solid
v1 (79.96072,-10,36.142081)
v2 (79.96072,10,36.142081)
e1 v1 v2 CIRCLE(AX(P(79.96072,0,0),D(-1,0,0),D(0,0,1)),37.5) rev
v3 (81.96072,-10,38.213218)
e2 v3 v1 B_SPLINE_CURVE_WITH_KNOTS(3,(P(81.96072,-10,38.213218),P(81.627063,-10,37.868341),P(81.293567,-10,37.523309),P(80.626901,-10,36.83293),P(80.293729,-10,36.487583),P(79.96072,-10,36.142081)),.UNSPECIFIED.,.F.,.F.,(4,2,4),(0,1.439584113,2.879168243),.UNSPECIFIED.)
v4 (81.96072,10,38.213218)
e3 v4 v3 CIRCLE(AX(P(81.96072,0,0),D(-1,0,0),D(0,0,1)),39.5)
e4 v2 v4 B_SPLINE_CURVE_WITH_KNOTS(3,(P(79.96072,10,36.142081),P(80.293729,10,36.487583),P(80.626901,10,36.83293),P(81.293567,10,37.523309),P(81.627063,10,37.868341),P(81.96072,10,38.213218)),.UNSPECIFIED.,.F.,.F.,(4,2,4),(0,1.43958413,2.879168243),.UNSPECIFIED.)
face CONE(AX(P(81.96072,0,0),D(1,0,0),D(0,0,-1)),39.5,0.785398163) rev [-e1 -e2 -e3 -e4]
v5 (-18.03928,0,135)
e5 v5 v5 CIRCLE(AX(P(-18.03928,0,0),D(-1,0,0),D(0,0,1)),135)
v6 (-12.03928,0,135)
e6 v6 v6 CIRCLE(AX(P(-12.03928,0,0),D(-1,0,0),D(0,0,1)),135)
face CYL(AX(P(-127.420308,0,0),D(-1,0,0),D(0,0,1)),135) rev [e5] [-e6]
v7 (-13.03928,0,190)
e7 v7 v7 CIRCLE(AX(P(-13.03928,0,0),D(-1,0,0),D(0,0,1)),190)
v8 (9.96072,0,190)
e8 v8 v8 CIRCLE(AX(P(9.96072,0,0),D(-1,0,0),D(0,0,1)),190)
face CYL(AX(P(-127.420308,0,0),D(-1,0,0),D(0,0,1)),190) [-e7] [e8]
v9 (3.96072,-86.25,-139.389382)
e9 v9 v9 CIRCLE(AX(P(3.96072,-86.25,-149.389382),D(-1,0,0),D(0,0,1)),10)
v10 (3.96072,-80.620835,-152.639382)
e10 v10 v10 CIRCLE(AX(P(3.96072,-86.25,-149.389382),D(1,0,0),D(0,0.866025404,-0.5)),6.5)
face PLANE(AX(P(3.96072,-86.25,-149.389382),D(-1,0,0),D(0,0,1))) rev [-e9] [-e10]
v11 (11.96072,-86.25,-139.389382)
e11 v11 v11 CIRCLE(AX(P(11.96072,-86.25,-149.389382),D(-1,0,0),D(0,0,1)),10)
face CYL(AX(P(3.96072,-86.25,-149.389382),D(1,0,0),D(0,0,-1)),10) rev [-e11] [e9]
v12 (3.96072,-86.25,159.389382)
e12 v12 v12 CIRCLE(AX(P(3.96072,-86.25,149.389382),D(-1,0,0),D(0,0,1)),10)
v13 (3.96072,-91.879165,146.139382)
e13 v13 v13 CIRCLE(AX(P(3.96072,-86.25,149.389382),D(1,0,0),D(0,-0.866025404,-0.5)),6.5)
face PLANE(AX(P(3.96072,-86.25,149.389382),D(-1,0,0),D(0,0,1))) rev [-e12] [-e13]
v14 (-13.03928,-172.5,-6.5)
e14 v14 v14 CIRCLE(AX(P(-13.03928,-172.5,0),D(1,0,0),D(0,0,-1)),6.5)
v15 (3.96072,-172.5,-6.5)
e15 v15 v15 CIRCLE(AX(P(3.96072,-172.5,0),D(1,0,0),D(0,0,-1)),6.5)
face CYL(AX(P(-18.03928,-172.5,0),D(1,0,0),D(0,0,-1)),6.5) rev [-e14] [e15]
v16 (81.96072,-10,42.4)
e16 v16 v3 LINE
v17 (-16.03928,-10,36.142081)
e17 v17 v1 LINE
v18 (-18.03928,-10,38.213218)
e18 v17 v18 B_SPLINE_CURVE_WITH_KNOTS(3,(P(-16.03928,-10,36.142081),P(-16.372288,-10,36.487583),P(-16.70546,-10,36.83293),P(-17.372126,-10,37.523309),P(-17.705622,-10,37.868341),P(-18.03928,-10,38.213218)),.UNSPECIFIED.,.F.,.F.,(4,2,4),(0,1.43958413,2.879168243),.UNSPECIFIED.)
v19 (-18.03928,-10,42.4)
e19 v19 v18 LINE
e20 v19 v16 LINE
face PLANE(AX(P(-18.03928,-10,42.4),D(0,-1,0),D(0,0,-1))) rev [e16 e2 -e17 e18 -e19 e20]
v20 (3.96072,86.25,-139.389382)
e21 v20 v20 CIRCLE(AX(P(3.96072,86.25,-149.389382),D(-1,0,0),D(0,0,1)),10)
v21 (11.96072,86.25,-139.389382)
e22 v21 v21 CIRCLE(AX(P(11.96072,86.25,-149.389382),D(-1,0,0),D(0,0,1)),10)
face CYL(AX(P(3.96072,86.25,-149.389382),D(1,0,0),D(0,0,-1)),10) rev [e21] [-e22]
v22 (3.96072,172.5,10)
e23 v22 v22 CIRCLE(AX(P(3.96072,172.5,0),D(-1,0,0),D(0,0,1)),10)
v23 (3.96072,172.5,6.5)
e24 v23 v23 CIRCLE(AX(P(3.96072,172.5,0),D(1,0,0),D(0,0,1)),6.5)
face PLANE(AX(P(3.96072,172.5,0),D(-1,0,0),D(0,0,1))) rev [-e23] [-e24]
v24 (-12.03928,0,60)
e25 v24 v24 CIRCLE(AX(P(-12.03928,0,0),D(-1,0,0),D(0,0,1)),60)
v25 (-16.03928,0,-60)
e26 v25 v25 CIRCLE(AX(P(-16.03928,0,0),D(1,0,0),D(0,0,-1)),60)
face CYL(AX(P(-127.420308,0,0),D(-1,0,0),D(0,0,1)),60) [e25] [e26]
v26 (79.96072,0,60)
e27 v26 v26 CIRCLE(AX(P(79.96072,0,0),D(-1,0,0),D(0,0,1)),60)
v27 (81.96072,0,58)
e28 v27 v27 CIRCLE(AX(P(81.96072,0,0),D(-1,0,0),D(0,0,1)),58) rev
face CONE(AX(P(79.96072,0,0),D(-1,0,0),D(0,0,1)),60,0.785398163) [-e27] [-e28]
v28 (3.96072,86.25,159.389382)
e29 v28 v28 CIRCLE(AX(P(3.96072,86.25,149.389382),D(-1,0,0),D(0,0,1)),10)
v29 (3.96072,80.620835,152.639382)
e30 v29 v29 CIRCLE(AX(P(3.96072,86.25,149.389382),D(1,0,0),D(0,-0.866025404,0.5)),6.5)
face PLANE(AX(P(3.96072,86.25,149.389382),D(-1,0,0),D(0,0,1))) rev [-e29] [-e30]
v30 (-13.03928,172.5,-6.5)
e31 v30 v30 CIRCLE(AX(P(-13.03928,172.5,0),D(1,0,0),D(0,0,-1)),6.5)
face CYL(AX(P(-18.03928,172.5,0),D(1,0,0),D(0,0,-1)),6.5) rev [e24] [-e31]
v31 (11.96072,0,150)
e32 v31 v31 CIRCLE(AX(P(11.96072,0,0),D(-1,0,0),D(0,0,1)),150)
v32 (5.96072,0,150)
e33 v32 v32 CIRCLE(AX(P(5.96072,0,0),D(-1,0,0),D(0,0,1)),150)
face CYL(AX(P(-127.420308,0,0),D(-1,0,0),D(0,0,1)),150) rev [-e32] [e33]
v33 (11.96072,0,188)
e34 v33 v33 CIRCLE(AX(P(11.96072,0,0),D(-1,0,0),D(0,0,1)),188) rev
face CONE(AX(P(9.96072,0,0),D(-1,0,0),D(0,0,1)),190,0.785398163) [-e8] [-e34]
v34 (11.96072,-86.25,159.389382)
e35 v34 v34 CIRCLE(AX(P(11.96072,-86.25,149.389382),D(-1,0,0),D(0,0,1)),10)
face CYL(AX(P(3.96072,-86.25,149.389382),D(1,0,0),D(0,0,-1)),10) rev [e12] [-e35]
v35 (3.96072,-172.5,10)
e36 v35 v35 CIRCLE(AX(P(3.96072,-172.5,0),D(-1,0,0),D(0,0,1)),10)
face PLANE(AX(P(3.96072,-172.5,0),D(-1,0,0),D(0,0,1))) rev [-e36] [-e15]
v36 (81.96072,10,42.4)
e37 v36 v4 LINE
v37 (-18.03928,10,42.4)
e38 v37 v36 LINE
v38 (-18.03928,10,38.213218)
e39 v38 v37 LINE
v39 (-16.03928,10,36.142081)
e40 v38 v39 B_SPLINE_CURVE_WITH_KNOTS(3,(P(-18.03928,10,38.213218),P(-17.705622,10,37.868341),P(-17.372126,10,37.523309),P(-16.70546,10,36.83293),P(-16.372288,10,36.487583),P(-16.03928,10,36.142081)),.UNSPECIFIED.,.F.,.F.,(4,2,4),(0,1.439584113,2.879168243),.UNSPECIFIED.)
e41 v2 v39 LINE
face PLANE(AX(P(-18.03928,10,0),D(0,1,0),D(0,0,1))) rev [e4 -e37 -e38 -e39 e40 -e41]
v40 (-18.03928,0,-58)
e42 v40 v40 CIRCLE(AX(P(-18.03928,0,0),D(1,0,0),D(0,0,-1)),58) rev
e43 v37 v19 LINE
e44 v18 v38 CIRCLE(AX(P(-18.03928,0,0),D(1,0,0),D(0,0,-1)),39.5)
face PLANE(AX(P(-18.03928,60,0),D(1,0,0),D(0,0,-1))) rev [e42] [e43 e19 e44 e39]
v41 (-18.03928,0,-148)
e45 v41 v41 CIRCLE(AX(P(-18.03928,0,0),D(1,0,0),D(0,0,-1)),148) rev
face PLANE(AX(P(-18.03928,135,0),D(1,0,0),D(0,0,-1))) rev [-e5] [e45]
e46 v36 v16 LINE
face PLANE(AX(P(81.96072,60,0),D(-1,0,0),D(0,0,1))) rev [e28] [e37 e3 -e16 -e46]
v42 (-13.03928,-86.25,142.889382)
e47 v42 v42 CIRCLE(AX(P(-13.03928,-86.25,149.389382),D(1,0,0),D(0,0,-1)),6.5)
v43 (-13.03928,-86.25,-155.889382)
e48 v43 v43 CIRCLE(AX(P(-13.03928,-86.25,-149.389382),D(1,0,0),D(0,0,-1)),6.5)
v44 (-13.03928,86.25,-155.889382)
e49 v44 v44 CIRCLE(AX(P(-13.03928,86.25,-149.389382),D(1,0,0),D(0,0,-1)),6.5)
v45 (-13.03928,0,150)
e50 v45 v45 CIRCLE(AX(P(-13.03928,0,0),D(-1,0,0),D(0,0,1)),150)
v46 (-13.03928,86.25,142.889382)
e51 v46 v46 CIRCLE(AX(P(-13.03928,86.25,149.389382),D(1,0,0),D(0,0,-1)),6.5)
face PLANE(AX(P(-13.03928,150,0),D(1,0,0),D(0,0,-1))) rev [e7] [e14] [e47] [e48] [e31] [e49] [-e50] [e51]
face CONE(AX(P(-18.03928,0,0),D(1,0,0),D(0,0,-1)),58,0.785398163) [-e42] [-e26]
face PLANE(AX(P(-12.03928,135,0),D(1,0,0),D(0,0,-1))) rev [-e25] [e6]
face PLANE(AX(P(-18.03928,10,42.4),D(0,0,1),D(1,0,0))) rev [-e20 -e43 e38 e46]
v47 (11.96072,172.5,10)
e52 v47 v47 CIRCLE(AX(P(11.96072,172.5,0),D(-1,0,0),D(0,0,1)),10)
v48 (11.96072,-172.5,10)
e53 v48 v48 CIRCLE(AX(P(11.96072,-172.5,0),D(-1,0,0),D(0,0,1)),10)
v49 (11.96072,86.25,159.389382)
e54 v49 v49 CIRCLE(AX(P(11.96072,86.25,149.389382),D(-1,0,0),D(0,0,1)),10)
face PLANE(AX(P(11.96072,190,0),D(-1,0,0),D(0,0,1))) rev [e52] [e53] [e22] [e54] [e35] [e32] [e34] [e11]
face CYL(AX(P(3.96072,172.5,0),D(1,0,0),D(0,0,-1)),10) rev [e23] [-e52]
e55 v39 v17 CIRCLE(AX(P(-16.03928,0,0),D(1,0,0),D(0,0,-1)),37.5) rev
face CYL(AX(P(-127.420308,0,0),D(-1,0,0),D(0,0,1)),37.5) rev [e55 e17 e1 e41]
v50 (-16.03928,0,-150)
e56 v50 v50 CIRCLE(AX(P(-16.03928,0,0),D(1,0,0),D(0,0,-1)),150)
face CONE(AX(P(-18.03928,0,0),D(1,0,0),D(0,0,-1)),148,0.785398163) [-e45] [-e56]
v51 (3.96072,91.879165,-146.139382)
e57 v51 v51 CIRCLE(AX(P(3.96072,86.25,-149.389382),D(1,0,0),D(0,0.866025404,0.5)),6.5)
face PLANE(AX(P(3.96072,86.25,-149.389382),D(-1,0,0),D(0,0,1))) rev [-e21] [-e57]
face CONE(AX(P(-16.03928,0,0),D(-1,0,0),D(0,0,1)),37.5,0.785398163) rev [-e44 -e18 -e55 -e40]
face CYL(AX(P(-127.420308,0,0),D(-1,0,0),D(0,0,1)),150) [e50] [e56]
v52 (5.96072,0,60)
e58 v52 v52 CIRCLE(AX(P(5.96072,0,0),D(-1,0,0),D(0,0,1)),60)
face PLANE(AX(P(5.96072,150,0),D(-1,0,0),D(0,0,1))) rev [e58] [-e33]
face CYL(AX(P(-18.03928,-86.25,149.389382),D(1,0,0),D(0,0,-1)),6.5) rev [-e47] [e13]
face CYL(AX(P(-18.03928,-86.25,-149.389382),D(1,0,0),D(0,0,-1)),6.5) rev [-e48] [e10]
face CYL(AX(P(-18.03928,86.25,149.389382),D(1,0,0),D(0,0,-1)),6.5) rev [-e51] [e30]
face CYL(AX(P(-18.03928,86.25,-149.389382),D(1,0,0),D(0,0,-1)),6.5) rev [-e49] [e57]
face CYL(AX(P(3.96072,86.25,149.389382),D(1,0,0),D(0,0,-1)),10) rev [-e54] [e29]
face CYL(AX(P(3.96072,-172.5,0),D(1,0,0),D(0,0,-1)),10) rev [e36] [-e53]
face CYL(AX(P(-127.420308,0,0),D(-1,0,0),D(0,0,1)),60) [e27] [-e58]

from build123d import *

# Parameters (mm, degrees)
CUT_EXTRUDE_1_DEPTH      = 281.922693463
CUT_EXTRUDE_1_DEPTH_BACK = 281.922693463
SKETCH_3_W               = 42.4
SKETCH_3_H               = 20
CUT_EXTRUDE_START        = 3.96072
SKETCH_4_R               = 10
CUT_EXTRUDE_2_DEPTH      = 8.000001
SKETCH_5_R               = 6.5
CUT_EXTRUDE_3_DEPTH      = 280.792780464
PATTERN_CIRCULAR_1_COUNT = 6
CHAMFER_1_SIZE           = 2


with BuildPart() as part:
    # Эскиз1 → Повернуть1 (revolve)
    with BuildSketch(Plane.XY, mode=Mode.PRIVATE) as revolve_1_sk:
        Polygon((-18.039279514, 135), (-18.039279514, 150), (-13.039279514, 150), (-13.039279514, 190), (11.960720486, 190), (11.960720486, 150), (5.960720486, 150), (5.960720486, 60), (81.960720486, 60), (81.960720486, 37.5), (-18.039279514, 37.5), (-18.039279514, 60), (-12.039279514, 60), (-12.039279514, 135), align=None)
    revolve(revolve_1_sk.sketch.rotate(Axis((-127.420307677, 0, 0), (1, 0, 0)), 90), axis=Axis((-127.420307677, 0, 0), (1, 0, 0)))

    # Эскиз3 → Вырез-Вытянуть1 (cut, two sides: drawn at the far end of the back side and taken through both)
    with BuildSketch(Plane(origin=(0, 0, 0), x_dir=(0, 0, -1), z_dir=(1, 0, 0)).offset(-CUT_EXTRUDE_1_DEPTH_BACK)):
        with Locations((-21.2, 0)):
            Rectangle(SKETCH_3_W, SKETCH_3_H)
    extrude(amount=CUT_EXTRUDE_1_DEPTH + CUT_EXTRUDE_1_DEPTH_BACK, mode=Mode.SUBTRACT)

    # Эскиз4 → Вырез-Вытянуть2 (cut)
    with BuildSketch(Plane(origin=(0, 0, 0), x_dir=(0, 0, -1), z_dir=(1, 0, 0)).offset(CUT_EXTRUDE_START)):
        with Locations(Location((0, -172.5, 0), (0, 0, 180))):
            Circle(SKETCH_4_R)
    cut_extrude_2 = extrude(amount=CUT_EXTRUDE_2_DEPTH, mode=Mode.SUBTRACT)

    # Эскиз5 → Вырез-Вытянуть3 (cut, through all)
    with BuildSketch(Plane(origin=(3.960720486, 0, 0), x_dir=(0, 0, -1), z_dir=(1, 0, 0))):
        with Locations((0, -172.5)):
            Circle(SKETCH_5_R)
    cut_extrude_3 = extrude(amount=-CUT_EXTRUDE_3_DEPTH, mode=Mode.SUBTRACT)

    # Круговой массив1: Вырез-Вытянуть2, Вырез-Вытянуть3 ×6 about axis
    pattern_circular_1_axis = Axis((0, 0, 0), (1, 0, 0))
    add([cut_extrude_2.rotate(pattern_circular_1_axis, i * 360 / PATTERN_CIRCULAR_1_COUNT) for i in range(1, PATTERN_CIRCULAR_1_COUNT)], mode=Mode.SUBTRACT)
    add([cut_extrude_3.rotate(pattern_circular_1_axis, i * 360 / PATTERN_CIRCULAR_1_COUNT) for i in range(1, PATTERN_CIRCULAR_1_COUNT)], mode=Mode.SUBTRACT)

    # Фаска1
    chamfer_1_edges = [part.edges().sort_by_distance(p)[0] for p in [
        (11.960720486, 0, -190),
        (81.960720486, 0, -60),
        (81.960720486, 0, -37.5),
        (-18.039279514, 0, -37.5),
        (-18.039279514, 0, -60),
        (-18.039279514, 0, -150),
    ]]
    chamfer(chamfer_1_edges, length=CHAMFER_1_SIZE)


solid = part.part
